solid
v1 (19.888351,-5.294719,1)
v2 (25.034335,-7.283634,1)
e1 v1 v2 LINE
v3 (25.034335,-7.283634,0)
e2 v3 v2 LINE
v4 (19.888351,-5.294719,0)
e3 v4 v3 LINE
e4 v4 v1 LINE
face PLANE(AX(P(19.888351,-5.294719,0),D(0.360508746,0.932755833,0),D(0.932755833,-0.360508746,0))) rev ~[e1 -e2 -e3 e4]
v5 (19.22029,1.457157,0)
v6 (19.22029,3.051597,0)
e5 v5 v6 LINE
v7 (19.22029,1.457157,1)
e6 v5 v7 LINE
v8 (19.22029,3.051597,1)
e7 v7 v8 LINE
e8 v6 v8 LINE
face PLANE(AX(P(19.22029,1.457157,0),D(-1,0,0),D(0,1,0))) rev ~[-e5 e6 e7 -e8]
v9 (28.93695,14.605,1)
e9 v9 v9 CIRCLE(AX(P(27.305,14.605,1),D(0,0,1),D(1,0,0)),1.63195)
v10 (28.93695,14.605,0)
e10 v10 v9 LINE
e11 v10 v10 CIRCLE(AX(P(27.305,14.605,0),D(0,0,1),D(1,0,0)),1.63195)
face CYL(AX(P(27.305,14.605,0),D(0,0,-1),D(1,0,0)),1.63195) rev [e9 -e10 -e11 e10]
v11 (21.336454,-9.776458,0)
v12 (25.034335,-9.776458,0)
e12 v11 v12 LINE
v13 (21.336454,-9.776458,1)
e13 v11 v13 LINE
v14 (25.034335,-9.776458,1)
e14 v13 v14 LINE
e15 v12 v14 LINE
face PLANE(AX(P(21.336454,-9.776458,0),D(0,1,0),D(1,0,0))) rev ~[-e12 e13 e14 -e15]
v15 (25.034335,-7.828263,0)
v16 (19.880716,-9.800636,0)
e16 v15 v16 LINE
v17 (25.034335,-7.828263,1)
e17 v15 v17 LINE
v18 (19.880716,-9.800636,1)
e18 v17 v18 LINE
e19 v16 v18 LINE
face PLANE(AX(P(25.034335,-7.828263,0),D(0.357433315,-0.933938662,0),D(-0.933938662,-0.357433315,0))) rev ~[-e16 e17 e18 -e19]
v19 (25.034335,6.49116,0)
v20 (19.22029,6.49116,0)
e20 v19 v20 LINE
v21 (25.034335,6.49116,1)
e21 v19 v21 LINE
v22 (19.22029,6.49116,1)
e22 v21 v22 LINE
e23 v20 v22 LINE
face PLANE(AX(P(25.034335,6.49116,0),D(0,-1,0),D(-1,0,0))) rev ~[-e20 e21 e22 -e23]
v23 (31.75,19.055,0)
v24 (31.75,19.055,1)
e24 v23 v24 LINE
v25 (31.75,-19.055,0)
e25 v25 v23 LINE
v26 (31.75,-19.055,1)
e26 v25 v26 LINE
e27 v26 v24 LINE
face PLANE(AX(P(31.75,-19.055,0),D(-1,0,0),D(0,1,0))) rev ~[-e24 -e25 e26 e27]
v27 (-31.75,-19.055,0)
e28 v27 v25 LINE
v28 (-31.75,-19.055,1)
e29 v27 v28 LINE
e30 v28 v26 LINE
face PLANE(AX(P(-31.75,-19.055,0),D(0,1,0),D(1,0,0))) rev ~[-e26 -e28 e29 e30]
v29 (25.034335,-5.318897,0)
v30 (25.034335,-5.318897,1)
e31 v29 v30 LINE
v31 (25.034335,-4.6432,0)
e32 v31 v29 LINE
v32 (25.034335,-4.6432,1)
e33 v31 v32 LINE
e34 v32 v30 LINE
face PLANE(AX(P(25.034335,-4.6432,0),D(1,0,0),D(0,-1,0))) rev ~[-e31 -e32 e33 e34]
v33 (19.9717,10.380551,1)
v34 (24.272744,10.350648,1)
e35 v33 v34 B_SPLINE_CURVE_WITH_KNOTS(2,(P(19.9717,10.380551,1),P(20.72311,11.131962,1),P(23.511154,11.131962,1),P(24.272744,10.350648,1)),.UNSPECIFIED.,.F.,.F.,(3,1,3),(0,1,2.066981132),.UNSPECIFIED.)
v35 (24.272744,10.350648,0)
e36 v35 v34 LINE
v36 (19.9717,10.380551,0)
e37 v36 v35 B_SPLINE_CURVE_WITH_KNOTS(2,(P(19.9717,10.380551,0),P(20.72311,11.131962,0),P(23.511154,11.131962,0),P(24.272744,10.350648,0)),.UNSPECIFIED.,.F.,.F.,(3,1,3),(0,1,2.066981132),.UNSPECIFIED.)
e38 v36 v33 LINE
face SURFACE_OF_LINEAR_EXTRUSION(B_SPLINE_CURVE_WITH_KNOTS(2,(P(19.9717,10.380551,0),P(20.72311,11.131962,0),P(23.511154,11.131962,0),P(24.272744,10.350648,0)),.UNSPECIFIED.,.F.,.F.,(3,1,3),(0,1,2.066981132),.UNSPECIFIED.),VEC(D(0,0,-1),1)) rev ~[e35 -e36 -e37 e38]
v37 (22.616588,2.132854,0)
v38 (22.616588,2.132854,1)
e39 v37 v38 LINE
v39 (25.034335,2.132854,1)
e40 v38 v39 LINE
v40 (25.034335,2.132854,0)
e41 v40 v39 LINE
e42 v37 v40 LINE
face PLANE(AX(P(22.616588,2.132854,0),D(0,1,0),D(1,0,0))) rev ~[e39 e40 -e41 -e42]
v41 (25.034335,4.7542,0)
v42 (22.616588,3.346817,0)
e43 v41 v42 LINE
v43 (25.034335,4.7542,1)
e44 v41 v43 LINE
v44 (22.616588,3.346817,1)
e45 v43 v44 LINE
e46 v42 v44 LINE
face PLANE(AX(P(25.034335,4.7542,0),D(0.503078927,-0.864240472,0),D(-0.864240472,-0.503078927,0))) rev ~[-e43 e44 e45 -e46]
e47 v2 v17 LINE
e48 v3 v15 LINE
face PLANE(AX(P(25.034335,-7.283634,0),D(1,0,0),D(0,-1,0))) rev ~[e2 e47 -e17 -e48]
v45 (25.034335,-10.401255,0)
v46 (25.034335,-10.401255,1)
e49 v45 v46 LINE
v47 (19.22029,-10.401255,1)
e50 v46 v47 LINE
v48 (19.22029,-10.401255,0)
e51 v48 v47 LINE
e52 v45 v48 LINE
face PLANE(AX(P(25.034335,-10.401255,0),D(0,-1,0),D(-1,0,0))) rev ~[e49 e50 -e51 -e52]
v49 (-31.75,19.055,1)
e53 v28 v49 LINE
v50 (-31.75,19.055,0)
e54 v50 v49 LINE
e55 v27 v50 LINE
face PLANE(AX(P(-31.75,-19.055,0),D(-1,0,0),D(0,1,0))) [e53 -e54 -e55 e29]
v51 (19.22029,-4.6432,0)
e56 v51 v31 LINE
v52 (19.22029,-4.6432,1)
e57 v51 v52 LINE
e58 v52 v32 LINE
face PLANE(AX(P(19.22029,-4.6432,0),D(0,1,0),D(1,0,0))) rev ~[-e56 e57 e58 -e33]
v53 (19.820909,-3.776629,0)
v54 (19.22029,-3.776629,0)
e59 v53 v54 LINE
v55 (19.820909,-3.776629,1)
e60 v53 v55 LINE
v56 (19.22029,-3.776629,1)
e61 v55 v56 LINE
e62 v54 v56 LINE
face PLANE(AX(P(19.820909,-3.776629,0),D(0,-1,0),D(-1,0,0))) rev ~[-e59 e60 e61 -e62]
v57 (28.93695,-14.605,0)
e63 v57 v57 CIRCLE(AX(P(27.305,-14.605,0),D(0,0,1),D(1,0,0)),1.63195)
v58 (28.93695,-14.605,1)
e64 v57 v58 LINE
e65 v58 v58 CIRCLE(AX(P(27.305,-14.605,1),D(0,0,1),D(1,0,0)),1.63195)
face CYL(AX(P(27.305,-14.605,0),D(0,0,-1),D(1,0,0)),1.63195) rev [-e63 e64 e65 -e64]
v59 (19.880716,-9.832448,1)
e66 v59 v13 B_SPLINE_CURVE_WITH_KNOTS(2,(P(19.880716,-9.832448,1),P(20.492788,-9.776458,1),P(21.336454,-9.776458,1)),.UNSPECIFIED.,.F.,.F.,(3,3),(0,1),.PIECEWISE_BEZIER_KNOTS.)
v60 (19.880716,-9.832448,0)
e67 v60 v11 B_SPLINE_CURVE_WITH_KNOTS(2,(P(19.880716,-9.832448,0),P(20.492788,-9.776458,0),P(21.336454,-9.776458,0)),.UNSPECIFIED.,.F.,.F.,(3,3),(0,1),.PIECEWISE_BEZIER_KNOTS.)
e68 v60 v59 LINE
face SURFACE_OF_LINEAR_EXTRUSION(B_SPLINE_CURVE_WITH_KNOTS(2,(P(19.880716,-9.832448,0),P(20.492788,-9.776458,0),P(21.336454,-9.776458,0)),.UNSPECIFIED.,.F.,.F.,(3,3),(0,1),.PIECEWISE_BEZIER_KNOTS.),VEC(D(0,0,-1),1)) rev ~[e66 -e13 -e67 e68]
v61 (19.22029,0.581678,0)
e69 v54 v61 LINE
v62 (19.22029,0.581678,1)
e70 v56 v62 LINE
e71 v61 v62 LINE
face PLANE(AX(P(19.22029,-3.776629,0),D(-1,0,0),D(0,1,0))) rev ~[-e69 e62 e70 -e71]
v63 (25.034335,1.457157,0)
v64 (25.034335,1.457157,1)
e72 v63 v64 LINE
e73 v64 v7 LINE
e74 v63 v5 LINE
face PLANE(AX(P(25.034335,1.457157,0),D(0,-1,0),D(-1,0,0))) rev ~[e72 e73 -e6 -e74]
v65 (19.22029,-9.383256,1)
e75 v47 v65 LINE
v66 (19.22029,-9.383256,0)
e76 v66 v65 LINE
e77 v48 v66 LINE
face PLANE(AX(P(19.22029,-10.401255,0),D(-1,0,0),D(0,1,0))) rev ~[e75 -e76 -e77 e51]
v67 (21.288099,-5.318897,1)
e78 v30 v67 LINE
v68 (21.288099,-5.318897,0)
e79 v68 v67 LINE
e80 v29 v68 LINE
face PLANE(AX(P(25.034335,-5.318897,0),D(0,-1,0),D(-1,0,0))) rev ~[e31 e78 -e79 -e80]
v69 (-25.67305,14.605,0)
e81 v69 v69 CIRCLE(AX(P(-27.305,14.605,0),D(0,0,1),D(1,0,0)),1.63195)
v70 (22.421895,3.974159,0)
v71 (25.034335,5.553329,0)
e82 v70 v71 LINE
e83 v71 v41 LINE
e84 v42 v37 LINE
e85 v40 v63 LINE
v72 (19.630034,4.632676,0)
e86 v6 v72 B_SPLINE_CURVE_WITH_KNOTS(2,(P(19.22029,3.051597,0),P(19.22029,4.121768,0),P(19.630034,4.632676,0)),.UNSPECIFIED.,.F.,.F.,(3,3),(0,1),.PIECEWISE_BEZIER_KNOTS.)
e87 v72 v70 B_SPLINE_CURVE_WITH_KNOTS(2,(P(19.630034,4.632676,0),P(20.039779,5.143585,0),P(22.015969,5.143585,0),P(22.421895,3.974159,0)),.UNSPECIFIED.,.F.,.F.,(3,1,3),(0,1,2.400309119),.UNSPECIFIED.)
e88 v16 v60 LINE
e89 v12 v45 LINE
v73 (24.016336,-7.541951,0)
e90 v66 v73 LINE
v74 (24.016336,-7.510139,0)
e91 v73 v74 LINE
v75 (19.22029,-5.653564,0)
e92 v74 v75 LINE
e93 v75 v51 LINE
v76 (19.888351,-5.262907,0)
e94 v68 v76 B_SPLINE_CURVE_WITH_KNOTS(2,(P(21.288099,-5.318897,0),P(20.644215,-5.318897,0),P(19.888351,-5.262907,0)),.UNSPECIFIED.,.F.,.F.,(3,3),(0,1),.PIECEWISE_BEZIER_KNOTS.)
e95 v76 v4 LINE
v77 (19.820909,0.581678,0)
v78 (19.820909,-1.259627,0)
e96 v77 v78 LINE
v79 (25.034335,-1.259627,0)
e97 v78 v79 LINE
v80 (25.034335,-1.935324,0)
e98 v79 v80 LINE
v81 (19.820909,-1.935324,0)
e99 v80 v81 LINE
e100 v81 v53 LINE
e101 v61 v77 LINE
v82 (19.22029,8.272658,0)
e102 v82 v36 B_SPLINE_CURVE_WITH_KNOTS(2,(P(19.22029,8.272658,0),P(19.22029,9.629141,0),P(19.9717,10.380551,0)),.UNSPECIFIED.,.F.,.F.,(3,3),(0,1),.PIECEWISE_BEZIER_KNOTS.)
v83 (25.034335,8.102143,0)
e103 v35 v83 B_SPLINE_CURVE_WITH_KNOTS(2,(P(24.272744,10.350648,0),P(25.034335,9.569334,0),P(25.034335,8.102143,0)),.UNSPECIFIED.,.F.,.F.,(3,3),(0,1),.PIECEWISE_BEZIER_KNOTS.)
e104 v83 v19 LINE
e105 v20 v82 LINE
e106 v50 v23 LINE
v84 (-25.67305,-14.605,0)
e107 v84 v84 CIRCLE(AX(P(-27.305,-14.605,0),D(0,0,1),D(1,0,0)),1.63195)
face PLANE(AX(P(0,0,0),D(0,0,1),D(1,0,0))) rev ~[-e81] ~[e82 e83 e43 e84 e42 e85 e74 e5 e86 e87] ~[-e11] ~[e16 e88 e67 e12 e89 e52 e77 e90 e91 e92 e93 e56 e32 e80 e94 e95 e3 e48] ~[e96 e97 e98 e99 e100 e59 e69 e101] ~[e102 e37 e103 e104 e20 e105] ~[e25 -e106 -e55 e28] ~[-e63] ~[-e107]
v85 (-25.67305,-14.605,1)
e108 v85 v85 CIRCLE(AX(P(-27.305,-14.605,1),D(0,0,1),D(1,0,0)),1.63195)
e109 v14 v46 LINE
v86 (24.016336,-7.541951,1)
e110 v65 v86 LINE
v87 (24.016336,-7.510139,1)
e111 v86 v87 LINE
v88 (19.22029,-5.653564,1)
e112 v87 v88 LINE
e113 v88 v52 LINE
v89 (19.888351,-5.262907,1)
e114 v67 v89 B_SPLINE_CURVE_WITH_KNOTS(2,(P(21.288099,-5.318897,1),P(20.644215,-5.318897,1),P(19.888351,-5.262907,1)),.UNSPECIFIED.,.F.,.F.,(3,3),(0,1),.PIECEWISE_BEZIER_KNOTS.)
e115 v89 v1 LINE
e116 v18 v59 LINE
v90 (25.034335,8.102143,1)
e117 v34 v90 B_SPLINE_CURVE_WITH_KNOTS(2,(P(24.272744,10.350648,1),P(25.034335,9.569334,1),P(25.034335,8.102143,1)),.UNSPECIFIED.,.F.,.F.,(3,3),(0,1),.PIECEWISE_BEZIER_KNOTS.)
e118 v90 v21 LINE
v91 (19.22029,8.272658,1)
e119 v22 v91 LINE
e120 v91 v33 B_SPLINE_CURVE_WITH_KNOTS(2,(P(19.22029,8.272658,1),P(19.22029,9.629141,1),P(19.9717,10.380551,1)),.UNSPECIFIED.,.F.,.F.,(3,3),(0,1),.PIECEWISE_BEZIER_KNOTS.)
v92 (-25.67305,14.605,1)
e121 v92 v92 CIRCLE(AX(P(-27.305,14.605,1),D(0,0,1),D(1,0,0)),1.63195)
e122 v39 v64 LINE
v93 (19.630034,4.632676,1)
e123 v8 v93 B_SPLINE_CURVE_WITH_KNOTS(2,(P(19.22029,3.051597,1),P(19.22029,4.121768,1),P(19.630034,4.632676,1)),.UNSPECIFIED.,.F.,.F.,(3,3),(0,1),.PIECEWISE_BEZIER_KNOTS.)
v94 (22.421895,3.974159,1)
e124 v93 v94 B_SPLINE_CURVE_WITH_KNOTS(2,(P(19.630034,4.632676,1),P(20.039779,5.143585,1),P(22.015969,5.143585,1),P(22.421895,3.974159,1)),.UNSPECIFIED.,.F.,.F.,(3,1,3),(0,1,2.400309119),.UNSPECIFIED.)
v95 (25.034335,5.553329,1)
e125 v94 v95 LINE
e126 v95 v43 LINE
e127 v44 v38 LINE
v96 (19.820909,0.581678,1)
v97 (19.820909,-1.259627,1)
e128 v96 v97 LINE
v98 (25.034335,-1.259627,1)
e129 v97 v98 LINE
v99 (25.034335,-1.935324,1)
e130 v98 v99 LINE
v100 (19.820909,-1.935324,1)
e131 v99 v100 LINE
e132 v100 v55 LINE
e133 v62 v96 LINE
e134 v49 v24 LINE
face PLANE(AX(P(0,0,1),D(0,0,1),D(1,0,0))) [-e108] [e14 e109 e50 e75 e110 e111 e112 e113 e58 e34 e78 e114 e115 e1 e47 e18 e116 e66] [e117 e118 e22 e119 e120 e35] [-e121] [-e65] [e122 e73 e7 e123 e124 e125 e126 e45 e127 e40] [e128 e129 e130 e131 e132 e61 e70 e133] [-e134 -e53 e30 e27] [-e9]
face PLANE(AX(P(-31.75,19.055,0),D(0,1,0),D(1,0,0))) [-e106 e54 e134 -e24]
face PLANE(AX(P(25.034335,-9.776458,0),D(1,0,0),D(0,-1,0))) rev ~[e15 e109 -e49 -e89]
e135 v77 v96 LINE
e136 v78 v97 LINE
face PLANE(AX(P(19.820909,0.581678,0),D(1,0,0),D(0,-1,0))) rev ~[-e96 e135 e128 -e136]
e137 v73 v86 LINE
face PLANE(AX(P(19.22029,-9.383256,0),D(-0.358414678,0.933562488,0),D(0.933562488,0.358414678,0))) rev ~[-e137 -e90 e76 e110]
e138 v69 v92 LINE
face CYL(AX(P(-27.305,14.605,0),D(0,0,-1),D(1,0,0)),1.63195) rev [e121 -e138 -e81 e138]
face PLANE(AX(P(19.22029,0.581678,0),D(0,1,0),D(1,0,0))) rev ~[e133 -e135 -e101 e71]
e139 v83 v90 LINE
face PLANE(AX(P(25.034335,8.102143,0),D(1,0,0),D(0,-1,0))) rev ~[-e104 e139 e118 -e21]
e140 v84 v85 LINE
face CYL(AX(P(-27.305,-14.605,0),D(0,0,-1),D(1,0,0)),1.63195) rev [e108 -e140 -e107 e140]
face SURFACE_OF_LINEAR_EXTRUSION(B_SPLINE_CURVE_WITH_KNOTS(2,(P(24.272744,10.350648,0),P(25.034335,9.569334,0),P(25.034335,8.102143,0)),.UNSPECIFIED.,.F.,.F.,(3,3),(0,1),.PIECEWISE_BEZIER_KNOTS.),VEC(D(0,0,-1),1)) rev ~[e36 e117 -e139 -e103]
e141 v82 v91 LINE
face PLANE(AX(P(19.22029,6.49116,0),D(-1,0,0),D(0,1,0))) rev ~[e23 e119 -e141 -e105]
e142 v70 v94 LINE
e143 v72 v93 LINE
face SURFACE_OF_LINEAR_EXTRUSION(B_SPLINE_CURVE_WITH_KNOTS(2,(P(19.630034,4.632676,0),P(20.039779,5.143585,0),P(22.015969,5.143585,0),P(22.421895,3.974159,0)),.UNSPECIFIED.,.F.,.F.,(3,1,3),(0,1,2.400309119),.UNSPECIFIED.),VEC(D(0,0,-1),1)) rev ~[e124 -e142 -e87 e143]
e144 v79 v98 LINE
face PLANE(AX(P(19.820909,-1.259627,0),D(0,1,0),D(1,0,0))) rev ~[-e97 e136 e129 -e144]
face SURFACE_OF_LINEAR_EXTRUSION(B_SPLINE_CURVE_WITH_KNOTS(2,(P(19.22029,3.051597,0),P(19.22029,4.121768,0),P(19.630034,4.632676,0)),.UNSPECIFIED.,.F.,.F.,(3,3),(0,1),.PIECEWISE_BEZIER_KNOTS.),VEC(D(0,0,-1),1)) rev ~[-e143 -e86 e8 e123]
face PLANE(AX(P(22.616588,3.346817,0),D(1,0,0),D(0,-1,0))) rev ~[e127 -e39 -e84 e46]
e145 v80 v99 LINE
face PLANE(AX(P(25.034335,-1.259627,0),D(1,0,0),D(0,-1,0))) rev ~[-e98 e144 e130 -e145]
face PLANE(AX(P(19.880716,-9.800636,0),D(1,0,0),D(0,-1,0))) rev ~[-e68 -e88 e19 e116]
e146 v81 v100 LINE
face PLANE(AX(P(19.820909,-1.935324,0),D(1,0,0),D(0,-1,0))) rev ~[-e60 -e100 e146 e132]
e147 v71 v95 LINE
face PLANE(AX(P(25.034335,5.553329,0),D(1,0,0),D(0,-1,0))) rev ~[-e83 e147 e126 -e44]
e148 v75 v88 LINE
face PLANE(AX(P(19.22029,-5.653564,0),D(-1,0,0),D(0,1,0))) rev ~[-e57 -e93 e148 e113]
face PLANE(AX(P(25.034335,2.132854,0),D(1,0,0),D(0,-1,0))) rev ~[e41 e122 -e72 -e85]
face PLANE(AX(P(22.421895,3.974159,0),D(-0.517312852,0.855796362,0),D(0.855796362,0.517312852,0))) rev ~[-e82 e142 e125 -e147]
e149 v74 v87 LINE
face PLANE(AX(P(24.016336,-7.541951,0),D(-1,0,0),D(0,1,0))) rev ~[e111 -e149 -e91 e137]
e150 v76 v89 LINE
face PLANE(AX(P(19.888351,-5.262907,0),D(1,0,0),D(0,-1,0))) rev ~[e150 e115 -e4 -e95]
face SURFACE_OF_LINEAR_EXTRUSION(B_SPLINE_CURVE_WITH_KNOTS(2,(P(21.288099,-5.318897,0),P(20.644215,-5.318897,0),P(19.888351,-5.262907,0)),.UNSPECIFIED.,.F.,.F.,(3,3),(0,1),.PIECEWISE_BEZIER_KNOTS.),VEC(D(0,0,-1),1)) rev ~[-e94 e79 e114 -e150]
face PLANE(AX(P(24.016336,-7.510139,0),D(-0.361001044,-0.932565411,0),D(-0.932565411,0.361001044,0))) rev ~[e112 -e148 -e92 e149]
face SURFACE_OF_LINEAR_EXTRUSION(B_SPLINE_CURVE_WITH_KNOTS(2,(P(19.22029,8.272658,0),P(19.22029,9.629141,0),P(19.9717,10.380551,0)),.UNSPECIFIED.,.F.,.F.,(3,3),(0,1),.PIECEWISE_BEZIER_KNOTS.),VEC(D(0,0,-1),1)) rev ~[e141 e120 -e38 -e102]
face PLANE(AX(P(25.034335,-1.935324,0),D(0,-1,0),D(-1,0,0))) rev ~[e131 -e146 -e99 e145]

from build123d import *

# Parameters (mm, degrees)
F0_W     = 63.5
F0_H     = 38.11
F0_R     = 1.63195
F1_DEPTH = 1


with BuildPart() as f1:
    # F0 (on Top) → F1 (new body)
    with BuildSketch(Plane.XY):
        Rectangle(F0_W, F0_H)
        with Locations((-27.305, -14.605)):
            Circle(F0_R, mode=Mode.SUBTRACT)
        with Locations((27.305, -14.605)):
            Circle(F0_R, mode=Mode.SUBTRACT)
        with BuildLine():
            Line((25.0343345106, -7.2836339695), (25.0343345106, -7.8282632467))
            Line((25.0343345106, -7.8282632467), (19.8807163504, -9.800635629))
            Line((19.8807163504, -9.800635629), (19.8807163504, -9.8324480867))
            add(Edge.make_bspline(
                [(19.8807163504, -9.8324480867), (20.4927880381, -9.776458161), (21.3364544184, -9.776458161)],
                knots=[0, 0, 0, 1, 1, 1], degree=2))
            Line((21.3364544184, -9.776458161), (25.0343345106, -9.776458161))
            Line((25.0343345106, -9.776458161), (25.0343345106, -10.4012548318))
            Line((25.0343345106, -10.4012548318), (19.220289727, -10.4012548318))
            Line((19.220289727, -10.4012548318), (19.220289727, -9.3832561829))
            Line((19.220289727, -9.3832561829), (24.0163358617, -7.5419511267))
            Line((24.0163358617, -7.5419511267), (24.0163358617, -7.5101386689))
            Line((24.0163358617, -7.5101386689), (19.220289727, -5.6535636329))
            Line((19.220289727, -5.6535636329), (19.220289727, -4.6431999739))
            Line((19.220289727, -4.6431999739), (25.0343345106, -4.6431999739))
            Line((25.0343345106, -4.6431999739), (25.0343345106, -5.3188965771))
            Line((25.0343345106, -5.3188965771), (21.2880994826, -5.3188965771))
            add(Edge.make_bspline(
                [(21.2880994826, -5.3188965771), (20.6442153371, -5.3188965771), (19.8883513403, -5.2629066514)],
                knots=[0, 0, 0, 1, 1, 1], degree=2))
            Line((19.8883513403, -5.2629066514), (19.8883513403, -5.2947191092))
            Line((19.8883513403, -5.2947191092), (25.0343345106, -7.2836339695))
        make_face(mode=Mode.SUBTRACT)
        Polygon((19.8209089298, -1.2596269646), (25.0343345106, -1.2596269646), (25.0343345106, -1.9353235678), (19.8209089298, -1.9353235678), (19.8209089298, -3.776628624), (19.220289727, -3.776628624), (19.220289727, 0.5816780917), (19.8209089298, 0.5816780917), align=None, mode=Mode.SUBTRACT)
        with Locations((-27.305, 14.605)):
            Circle(F0_R, mode=Mode.SUBTRACT)
        with BuildLine():
            Line((22.6165877194, 3.3468169218), (22.6165877194, 2.1328535329))
            Line((22.6165877194, 2.1328535329), (25.0343345106, 2.1328535329))
            Line((25.0343345106, 2.1328535329), (25.0343345106, 1.4571569297))
            Line((25.0343345106, 1.4571569297), (19.220289727, 1.4571569297))
            Line((19.220289727, 1.4571569297), (19.220289727, 3.0515973136))
            add(Edge.make_bspline(
                [(19.220289727, 3.0515973136), (19.220289727, 4.1217683933), (19.6300341831, 4.6326764652)],
                knots=[0, 0, 0, 1, 1, 1], degree=2))
            add(Edge.make_bspline(
                [(19.6300341831, 4.6326764652), (20.0397786393, 5.1435845371), (20.8630850466, 5.1435845371)],
                knots=[0, 0, 0, 1, 1, 1], degree=2))
            add(Edge.make_bspline(
                [(20.8630850466, 5.1435845371), (22.0159685165, 5.1435845371), (22.4218954778, 3.9741585892)],
                knots=[0, 0, 0, 1, 1, 1], degree=2))
            Line((22.4218954778, 3.9741585892), (25.0343345106, 5.5533289933))
            Line((25.0343345106, 5.5533289933), (25.0343345106, 4.7542000539))
            Line((25.0343345106, 4.7542000539), (22.6165877194, 3.3468169218))
        make_face(mode=Mode.SUBTRACT)
        with BuildLine():
            add(Edge.make_bspline(
                [(19.9716999797, 10.3805513366), (20.7231102324, 11.1319615894), (22.0719584422, 11.1319615894)],
                knots=[0, 0, 0, 1, 1, 1], degree=2))
            add(Edge.make_bspline(
                [(22.0719584422, 11.1319615894), (23.5111540321, 11.1319615894), (24.2727442713, 10.3506476263)],
                knots=[0, 0, 0, 1, 1, 1], degree=2))
            add(Edge.make_bspline(
                [(24.2727442713, 10.3506476263), (25.0343345106, 9.5693336633), (25.0343345106, 8.1021431105)],
                knots=[0, 0, 0, 1, 1, 1], degree=2))
            Line((25.0343345106, 8.1021431105), (25.0343345106, 6.4911602486))
            Line((25.0343345106, 6.4911602486), (19.220289727, 6.4911602486))
            Line((19.220289727, 6.4911602486), (19.220289727, 8.2726578842))
            add(Edge.make_bspline(
                [(19.220289727, 8.2726578842), (19.220289727, 9.6291410839), (19.9716999797, 10.3805513366)],
                knots=[0, 0, 0, 1, 1, 1], degree=2))
        make_face(mode=Mode.SUBTRACT)
        with Locations((27.305, 14.605)):
            Circle(F0_R, mode=Mode.SUBTRACT)
    extrude(amount=F1_DEPTH)


solid = f1.part
